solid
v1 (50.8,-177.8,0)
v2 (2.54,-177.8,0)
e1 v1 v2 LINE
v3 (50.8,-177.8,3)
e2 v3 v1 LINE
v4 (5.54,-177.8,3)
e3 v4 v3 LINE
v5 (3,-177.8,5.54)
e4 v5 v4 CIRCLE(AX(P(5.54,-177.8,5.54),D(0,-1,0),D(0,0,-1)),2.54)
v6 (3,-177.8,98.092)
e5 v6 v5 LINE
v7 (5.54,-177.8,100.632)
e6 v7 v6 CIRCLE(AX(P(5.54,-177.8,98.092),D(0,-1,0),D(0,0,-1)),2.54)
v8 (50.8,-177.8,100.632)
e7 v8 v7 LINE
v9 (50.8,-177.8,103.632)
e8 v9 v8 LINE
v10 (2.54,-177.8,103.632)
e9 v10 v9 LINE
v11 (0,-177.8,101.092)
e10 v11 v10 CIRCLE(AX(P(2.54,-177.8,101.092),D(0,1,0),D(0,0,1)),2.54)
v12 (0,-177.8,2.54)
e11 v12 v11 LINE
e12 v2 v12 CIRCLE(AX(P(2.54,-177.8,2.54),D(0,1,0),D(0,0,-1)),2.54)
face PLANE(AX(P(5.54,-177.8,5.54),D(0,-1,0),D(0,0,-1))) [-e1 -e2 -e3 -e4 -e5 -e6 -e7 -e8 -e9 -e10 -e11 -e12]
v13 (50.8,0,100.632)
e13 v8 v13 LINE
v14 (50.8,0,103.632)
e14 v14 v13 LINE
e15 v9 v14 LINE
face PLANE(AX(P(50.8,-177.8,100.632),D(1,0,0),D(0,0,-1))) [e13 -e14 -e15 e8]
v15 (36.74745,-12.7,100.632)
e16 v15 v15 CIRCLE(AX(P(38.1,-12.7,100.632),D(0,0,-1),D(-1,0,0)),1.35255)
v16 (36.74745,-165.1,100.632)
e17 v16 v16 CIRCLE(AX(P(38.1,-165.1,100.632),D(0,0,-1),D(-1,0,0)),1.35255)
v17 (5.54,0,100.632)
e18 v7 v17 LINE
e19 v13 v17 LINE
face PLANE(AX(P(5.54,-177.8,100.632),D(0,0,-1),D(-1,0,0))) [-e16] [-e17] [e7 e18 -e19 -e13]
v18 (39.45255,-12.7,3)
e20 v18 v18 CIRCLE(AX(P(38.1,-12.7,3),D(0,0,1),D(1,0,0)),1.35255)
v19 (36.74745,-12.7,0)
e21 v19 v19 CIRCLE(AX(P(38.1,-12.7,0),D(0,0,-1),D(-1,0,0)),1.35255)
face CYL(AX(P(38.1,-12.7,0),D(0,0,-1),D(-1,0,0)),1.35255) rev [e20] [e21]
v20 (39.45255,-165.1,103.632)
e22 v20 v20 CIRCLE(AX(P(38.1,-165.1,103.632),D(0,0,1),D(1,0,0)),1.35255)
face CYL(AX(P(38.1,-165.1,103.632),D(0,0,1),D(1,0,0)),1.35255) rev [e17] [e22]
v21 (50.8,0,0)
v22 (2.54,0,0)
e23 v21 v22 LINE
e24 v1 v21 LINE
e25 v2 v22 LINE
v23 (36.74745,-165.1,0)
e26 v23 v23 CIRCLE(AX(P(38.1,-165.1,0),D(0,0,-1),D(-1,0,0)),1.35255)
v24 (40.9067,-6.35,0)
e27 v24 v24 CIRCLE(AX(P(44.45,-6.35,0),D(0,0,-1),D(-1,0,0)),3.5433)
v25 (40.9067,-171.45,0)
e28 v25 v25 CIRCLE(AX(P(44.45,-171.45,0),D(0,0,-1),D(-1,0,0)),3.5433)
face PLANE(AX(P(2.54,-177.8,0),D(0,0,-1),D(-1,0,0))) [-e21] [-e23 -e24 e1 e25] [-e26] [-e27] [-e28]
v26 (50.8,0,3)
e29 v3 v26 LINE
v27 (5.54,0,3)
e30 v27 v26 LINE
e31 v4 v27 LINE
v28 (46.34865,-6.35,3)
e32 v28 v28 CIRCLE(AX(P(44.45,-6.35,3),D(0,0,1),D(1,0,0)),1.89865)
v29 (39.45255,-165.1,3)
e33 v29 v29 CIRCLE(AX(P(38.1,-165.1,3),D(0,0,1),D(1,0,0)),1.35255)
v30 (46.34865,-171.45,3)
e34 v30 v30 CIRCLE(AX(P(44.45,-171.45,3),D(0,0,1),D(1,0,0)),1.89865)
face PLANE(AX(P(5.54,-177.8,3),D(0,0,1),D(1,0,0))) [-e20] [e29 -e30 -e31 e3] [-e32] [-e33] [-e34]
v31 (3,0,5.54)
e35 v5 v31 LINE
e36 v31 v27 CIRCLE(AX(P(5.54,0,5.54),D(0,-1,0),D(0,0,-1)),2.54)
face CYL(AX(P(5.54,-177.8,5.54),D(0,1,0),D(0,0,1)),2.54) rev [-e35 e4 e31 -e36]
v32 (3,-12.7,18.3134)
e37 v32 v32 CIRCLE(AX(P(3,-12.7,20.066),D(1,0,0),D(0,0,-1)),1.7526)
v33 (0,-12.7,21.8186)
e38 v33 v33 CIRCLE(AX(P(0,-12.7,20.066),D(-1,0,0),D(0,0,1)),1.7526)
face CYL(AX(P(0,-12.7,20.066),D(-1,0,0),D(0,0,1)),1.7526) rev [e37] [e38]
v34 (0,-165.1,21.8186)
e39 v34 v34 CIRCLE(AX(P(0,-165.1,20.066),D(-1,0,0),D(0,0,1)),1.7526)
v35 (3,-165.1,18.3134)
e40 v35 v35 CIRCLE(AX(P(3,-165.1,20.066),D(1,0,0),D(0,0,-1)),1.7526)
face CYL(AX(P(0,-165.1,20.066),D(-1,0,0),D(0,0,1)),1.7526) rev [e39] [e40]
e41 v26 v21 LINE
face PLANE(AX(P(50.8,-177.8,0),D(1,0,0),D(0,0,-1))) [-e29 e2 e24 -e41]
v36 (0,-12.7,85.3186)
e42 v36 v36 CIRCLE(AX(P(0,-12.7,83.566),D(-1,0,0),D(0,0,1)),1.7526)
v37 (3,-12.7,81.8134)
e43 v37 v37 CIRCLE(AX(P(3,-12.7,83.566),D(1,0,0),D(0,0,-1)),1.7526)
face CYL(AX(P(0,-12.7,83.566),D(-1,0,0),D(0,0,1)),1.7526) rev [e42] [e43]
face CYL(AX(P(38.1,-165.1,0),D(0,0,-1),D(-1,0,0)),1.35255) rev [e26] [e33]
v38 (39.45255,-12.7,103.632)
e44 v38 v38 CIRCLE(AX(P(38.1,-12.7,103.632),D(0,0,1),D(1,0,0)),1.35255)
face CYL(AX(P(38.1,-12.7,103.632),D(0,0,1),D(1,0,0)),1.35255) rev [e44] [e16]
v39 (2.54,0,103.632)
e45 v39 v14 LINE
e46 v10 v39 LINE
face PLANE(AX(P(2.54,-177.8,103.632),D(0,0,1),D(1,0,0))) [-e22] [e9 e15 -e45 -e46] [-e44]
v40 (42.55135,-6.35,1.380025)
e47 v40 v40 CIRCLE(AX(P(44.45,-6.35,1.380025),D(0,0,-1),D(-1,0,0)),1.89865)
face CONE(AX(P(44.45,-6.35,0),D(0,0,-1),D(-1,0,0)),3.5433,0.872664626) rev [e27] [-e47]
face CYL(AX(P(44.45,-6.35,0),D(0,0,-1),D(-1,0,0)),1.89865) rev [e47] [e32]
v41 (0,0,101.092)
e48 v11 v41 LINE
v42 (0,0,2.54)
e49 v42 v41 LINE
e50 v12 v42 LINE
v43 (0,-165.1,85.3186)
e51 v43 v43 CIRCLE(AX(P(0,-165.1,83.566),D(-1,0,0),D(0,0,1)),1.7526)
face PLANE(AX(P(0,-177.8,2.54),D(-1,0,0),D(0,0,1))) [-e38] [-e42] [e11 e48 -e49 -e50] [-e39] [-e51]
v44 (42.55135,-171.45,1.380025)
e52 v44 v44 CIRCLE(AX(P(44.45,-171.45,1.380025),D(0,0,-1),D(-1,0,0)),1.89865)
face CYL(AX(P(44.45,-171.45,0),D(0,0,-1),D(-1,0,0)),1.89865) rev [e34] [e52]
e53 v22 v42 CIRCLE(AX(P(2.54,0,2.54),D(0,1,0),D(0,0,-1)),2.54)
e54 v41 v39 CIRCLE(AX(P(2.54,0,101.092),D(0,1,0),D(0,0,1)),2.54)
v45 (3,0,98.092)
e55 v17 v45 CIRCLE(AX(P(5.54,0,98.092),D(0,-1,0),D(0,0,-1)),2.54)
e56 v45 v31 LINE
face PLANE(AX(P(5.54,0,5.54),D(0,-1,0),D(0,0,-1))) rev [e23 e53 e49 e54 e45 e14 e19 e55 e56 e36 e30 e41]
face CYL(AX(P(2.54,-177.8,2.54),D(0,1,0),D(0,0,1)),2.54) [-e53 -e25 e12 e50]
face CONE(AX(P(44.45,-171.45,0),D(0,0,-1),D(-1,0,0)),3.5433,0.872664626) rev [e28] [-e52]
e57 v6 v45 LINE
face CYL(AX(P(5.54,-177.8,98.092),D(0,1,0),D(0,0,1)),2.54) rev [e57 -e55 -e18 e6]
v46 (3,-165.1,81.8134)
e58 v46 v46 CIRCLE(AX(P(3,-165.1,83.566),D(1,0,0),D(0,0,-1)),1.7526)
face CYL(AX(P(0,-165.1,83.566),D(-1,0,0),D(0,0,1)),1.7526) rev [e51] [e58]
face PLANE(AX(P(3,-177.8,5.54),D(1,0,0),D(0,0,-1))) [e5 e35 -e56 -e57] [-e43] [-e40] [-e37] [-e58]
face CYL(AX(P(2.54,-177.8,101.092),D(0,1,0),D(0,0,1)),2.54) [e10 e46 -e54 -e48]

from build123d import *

# Parameters (mm, degrees)
EXTRUDE1_DEPTH                                    = 177.8
F_6_32_TAPPED_HOLE1_D                             = 2.7051
F_6_32_TAPPED_HOLE1_DEPTH                         = 9.38784
F_6_32_TAPPED_HOLE1_CBORE_D                       = 3.5052
F_6_32_TAPPED_HOLE1_CBORE_DEPTH                   = 7.0104
F_6_32_TAPPED_HOLE1_TIP                           = 0.81269403
F_6_32_TAPPED_HOLE2_D                             = 2.7051
F_6_32_TAPPED_HOLE2_DEPTH                         = 9.38784
F_6_32_TAPPED_HOLE2_TIP                           = 0.81269403
F_6_32_TAPPED_HOLE3_D                             = 2.7051
F_6_32_TAPPED_HOLE3_DEPTH                         = 9.38784
F_6_32_TAPPED_HOLE3_TIP                           = 0.81269403
CSK_FOR_6_FLAT_HEAD_MACHINE_SCREW_100_D           = 3.7973
CSK_FOR_6_FLAT_HEAD_MACHINE_SCREW_100_DEPTH       = 12.7
CSK_FOR_6_FLAT_HEAD_MACHINE_SCREW_100_CSINK_D     = 7.0866
CSK_FOR_6_FLAT_HEAD_MACHINE_SCREW_100_CSINK_ANGLE = 100
CSK_FOR_6_FLAT_HEAD_MACHINE_SCREW_100_TIP         = 1.140824014


with BuildPart() as part:
    # Sketch1 → Extrude1 (new body)
    with BuildSketch(Plane(origin=(0, 0, 0), x_dir=(1, 0, 0), z_dir=(0, 1, 0))):
        with BuildLine():
            Line((0, -2.54), (0, -101.092))
            ThreePointArc((0, -101.092), (0.743948776, -102.888051224), (2.54, -103.632))
            Line((2.54, -103.632), (50.8, -103.632))
            Line((50.8, -103.632), (50.8, -100.632))
            Line((50.8, -100.632), (5.54, -100.632))
            ThreePointArc((5.54, -100.632), (3.743948776, -99.888051224), (3, -98.092))
            Line((3, -98.092), (3, -5.54))
            ThreePointArc((3, -5.54), (3.743948776, -3.743948776), (5.54, -3))
            Line((5.54, -3), (50.8, -3))
            Line((50.8, -3), (50.8, 0))
            Line((50.8, 0), (2.54, 0))
            ThreePointArc((2.54, 0), (0.743948776, -0.743948776), (0, -2.54))
        make_face()
    extrude(amount=-EXTRUDE1_DEPTH)

    # #6-32 Tapped Hole1
    with Locations(Plane.ZY):
        with Locations((20.066, -12.7), (83.566, -12.7), (83.566, -165.1), (20.066, -165.1)):
            CounterBoreHole(F_6_32_TAPPED_HOLE1_D / 2, F_6_32_TAPPED_HOLE1_CBORE_D / 2, F_6_32_TAPPED_HOLE1_CBORE_DEPTH, depth=F_6_32_TAPPED_HOLE1_DEPTH)
            with Locations((0, 0, -(F_6_32_TAPPED_HOLE1_DEPTH + F_6_32_TAPPED_HOLE1_TIP / 2))):  # 118° drill point
                Cone(0, F_6_32_TAPPED_HOLE1_D / 2, F_6_32_TAPPED_HOLE1_TIP, mode=Mode.SUBTRACT)

    # #6-32 Tapped Hole2
    with Locations(Plane(origin=(0, 0, 0), x_dir=(-1, 0, 0), z_dir=(0, 0, -1))):
        with Locations((-38.1, -12.7), (-38.1, -165.1)):
            Hole(F_6_32_TAPPED_HOLE2_D / 2, depth=F_6_32_TAPPED_HOLE2_DEPTH)
            with Locations((0, 0, -(F_6_32_TAPPED_HOLE2_DEPTH + F_6_32_TAPPED_HOLE2_TIP / 2))):  # 118° drill point
                Cone(0, F_6_32_TAPPED_HOLE2_D / 2, F_6_32_TAPPED_HOLE2_TIP, mode=Mode.SUBTRACT)

    # #6-32 Tapped Hole3
    with Locations(Plane.XY.offset(103.632)):
        with Locations((38.1, -12.7), (38.1, -165.1)):
            Hole(F_6_32_TAPPED_HOLE3_D / 2, depth=F_6_32_TAPPED_HOLE3_DEPTH)
            with Locations((0, 0, -(F_6_32_TAPPED_HOLE3_DEPTH + F_6_32_TAPPED_HOLE3_TIP / 2))):  # 118° drill point
                Cone(0, F_6_32_TAPPED_HOLE3_D / 2, F_6_32_TAPPED_HOLE3_TIP, mode=Mode.SUBTRACT)

    # CSK for #6 Flat Head Machine Screw (100)1
    with Locations(Plane(origin=(0, 0, 0), x_dir=(-1, 0, 0), z_dir=(0, 0, -1))):
        with Locations((-44.45, -171.45), (-44.45, -6.35)):
            CounterSinkHole(CSK_FOR_6_FLAT_HEAD_MACHINE_SCREW_100_D / 2, CSK_FOR_6_FLAT_HEAD_MACHINE_SCREW_100_CSINK_D / 2, depth=CSK_FOR_6_FLAT_HEAD_MACHINE_SCREW_100_DEPTH, counter_sink_angle=CSK_FOR_6_FLAT_HEAD_MACHINE_SCREW_100_CSINK_ANGLE)
            with Locations((0, 0, -(CSK_FOR_6_FLAT_HEAD_MACHINE_SCREW_100_DEPTH + CSK_FOR_6_FLAT_HEAD_MACHINE_SCREW_100_TIP / 2))):  # 118° drill point
                Cone(0, CSK_FOR_6_FLAT_HEAD_MACHINE_SCREW_100_D / 2, CSK_FOR_6_FLAT_HEAD_MACHINE_SCREW_100_TIP, mode=Mode.SUBTRACT)


solid = part.part
